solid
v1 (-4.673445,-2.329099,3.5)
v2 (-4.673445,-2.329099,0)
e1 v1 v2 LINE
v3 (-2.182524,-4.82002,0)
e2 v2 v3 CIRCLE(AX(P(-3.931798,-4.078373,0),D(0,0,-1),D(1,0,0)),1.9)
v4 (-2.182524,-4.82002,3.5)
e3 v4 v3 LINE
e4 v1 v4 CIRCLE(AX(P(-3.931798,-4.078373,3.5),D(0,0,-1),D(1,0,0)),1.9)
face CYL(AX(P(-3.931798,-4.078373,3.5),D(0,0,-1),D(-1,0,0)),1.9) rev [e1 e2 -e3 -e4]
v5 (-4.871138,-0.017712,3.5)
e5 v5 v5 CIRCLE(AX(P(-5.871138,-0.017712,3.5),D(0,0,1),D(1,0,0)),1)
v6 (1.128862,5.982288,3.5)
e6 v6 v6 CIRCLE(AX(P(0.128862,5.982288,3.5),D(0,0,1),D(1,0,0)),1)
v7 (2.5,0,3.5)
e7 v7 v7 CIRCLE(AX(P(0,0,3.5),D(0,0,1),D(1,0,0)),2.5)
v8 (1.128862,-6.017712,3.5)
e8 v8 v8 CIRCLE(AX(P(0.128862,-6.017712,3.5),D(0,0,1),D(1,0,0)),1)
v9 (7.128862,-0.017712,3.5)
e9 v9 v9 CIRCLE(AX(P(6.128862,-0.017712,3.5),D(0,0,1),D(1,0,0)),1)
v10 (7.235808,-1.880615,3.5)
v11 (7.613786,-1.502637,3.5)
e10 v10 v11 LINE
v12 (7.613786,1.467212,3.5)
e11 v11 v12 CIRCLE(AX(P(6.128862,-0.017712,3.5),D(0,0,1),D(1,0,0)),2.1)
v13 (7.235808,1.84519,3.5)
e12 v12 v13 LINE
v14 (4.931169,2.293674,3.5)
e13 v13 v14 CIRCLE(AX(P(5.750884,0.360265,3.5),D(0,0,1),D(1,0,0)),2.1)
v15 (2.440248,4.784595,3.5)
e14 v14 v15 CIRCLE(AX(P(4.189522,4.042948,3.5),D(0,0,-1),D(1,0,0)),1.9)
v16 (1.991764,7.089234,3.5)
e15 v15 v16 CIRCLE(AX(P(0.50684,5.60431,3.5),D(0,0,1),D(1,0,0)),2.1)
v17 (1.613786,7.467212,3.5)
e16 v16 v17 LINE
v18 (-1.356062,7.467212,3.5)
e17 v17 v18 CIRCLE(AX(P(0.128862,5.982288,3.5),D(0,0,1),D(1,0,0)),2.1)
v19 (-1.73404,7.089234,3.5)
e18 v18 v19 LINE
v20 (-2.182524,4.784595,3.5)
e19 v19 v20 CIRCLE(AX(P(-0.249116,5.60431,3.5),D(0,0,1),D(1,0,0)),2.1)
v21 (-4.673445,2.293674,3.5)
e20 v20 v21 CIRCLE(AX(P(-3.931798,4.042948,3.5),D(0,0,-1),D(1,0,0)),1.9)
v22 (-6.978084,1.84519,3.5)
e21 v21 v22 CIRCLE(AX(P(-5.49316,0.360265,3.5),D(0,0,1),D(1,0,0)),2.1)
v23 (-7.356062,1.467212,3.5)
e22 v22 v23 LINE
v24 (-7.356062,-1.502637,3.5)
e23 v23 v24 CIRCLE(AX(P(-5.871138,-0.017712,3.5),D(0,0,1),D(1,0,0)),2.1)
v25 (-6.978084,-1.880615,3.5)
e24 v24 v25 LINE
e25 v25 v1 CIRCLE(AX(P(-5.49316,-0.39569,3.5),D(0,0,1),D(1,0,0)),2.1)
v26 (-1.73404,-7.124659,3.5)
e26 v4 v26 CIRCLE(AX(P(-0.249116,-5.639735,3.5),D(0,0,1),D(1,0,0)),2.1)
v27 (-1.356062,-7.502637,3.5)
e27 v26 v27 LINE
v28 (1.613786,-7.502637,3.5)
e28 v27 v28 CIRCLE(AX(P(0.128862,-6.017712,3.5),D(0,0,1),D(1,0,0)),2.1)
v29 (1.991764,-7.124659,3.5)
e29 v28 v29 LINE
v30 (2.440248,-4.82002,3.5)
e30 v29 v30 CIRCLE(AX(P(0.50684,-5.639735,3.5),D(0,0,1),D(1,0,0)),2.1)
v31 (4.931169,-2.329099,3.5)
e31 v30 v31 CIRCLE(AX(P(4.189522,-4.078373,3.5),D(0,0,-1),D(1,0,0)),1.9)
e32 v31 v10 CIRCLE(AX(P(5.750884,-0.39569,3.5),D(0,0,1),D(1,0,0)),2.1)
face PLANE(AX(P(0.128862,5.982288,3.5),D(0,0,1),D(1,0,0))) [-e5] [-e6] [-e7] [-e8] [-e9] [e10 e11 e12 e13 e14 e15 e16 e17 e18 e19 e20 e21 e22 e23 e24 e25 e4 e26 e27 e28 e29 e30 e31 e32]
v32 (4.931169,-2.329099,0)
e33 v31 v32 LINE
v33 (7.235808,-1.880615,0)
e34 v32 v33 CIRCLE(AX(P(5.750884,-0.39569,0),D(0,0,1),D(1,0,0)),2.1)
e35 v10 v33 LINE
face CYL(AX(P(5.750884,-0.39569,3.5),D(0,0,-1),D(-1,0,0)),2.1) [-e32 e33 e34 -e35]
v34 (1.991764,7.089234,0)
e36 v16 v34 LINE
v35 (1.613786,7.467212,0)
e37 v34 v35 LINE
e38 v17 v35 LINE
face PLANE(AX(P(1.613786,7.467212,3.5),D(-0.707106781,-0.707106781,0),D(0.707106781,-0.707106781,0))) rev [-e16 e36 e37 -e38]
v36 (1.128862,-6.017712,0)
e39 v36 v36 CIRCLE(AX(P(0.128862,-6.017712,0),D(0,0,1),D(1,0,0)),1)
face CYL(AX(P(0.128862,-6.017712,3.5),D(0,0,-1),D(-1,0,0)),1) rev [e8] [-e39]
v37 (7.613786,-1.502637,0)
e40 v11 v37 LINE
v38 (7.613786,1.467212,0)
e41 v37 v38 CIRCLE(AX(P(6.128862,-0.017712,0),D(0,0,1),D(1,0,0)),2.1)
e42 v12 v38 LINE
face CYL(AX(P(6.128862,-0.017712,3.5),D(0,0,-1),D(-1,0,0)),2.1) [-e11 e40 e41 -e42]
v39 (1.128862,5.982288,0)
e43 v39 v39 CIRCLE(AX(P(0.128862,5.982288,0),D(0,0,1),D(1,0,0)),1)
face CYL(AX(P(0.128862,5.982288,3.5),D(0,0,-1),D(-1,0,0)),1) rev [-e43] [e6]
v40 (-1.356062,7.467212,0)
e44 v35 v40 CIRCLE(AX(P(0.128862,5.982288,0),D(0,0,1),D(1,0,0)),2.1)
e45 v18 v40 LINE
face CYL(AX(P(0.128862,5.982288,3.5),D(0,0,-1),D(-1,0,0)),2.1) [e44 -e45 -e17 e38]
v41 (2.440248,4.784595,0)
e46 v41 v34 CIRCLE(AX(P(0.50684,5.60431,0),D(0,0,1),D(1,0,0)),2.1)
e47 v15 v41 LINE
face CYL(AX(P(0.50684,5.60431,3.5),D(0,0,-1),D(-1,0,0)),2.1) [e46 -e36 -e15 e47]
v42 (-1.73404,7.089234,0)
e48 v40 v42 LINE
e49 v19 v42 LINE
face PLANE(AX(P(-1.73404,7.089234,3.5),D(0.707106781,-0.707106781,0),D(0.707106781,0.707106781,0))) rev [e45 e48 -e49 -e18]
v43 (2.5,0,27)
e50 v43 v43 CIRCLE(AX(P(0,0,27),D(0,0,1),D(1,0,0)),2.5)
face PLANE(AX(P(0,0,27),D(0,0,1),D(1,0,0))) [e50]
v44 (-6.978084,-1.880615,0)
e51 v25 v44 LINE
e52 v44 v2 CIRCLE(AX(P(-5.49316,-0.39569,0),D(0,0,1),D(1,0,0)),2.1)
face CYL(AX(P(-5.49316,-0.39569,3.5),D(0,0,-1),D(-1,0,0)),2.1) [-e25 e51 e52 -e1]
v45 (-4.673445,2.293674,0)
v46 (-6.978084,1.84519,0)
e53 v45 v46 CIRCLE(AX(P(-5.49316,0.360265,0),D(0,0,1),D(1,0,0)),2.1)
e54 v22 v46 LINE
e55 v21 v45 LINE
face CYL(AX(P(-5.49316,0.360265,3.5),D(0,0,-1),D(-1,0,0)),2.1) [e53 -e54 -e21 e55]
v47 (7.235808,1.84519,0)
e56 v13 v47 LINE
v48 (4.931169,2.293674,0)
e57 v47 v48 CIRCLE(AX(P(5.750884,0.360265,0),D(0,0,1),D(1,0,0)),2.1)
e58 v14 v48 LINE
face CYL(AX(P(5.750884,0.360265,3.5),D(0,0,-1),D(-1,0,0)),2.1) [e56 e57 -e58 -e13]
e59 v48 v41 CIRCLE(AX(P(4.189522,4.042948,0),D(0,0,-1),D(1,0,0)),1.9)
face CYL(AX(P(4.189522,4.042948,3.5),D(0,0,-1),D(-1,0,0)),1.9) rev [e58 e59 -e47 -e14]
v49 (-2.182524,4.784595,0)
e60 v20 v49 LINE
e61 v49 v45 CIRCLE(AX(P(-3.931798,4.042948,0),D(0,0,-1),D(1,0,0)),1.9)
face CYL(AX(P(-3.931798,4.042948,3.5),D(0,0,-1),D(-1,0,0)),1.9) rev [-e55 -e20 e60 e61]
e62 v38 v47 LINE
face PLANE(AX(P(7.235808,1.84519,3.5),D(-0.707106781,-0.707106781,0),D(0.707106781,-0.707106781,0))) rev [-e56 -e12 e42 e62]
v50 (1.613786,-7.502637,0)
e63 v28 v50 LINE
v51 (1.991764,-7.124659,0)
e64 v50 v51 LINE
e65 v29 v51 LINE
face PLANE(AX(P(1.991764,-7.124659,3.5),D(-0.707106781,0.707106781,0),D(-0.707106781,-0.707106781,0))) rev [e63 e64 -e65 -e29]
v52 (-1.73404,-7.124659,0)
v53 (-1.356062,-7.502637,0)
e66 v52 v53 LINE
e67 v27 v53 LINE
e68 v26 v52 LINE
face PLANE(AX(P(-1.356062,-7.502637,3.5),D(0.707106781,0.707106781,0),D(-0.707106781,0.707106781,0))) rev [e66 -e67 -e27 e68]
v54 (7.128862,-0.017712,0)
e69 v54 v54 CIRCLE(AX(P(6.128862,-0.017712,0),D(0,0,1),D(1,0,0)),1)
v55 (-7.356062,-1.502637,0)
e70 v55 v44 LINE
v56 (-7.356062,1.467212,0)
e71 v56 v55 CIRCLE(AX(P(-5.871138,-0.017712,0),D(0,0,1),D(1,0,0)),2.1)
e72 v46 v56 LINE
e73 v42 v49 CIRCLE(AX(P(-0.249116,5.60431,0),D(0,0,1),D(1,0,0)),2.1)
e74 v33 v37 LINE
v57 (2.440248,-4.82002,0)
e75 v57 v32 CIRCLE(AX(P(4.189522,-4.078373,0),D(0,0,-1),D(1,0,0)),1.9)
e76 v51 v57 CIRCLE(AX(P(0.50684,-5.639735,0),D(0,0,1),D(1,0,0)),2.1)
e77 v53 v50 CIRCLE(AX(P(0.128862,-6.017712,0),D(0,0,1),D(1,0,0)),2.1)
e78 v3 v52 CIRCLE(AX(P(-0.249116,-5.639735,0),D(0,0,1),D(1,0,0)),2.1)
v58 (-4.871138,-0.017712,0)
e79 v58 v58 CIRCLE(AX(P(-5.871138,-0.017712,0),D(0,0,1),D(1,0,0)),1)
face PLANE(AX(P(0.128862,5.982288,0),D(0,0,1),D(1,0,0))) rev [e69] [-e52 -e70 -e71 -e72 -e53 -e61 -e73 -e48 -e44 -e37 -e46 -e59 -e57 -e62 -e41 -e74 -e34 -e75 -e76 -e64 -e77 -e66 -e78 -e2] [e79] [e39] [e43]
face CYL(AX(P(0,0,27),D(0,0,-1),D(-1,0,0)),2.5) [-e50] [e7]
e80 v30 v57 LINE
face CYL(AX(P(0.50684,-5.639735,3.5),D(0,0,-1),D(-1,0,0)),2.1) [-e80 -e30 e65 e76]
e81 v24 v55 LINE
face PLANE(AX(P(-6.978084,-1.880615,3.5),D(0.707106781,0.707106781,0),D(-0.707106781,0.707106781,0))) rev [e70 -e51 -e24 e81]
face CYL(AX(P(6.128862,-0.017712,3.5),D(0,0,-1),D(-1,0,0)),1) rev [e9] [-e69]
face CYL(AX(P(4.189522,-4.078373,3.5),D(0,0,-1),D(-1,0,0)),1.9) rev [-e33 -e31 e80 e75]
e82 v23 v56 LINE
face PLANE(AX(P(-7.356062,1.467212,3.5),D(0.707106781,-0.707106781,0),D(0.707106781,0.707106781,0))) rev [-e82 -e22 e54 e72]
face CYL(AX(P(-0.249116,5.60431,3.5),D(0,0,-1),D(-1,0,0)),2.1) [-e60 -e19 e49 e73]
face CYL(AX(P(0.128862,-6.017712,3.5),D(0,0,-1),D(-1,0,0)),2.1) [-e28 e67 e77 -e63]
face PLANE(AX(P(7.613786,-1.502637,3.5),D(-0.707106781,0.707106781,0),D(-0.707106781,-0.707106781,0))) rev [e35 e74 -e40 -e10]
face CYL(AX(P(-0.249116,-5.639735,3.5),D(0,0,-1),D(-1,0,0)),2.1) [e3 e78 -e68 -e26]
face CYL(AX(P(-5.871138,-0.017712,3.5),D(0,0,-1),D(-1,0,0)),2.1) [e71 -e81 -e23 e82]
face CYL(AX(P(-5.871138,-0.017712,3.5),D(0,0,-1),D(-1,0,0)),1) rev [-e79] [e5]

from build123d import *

# Parameters (mm, degrees)
EXTRUDE_1_DEPTH = 3.5
SKETCH_3_R      = 2.5
EXTRUDE_2_DEPTH = 23.5


with BuildPart() as part:
    # 草图1 → 凸台-拉伸1 (new body)
    with BuildSketch(Plane.XY):
        with BuildLine():
            Line((-1.734039986, 7.089233915), (-1.356062107, 7.467211795))
            ThreePointArc((-1.356062107, 7.467211795), (0.128862134, 8.082287554), (1.613786374, 7.467211795))
            Line((1.613786374, 7.467211795), (1.991764254, 7.089233915))
            ThreePointArc((1.991764254, 7.089233915), (2.446987032, 6.407944883), (2.606840013, 5.604309675))
            ThreePointArc((2.606840013, 5.604309675), (2.564770676, 5.186073633), (2.440248217, 4.784594652))
            ThreePointArc((2.440248217, 4.784594652), (2.846019421, 2.699444842), (4.931169231, 2.293673637))
            ThreePointArc((4.931169231, 2.293673637), (6.152020505, 2.421597457), (7.235808495, 1.845189674))
            Line((7.235808495, 1.845189674), (7.613786374, 1.467211795))
            ThreePointArc((7.613786374, 1.467211795), (8.069009152, 0.785922762), (8.228862134, -0.017712446))
            ThreePointArc((8.228862134, -0.017712446), (8.069009152, -0.821347654), (7.613786374, -1.502636686))
            Line((7.613786374, -1.502636686), (7.235808495, -1.880614566))
            ThreePointArc((7.235808495, -1.880614566), (6.152020505, -2.457022348), (4.931169231, -2.329098529))
            ThreePointArc((4.931169231, -2.329098529), (2.846019421, -2.734869733), (2.440248217, -4.820019543))
            ThreePointArc((2.440248217, -4.820019543), (2.564770676, -5.221498525), (2.606840013, -5.639734566))
            ThreePointArc((2.606840013, -5.639734566), (2.446987032, -6.443369774), (1.991764254, -7.124658807))
            Line((1.991764254, -7.124658807), (1.613786374, -7.502636686))
            ThreePointArc((1.613786374, -7.502636686), (0.128862134, -8.117712446), (-1.356062107, -7.502636686))
            Line((-1.356062107, -7.502636686), (-1.734039986, -7.124658807))
            ThreePointArc((-1.734039986, -7.124658807), (-2.310447768, -6.040870817), (-2.182523949, -4.820019543))
            ThreePointArc((-2.182523949, -4.820019543), (-2.069860771, -4.456776655), (-2.031798038, -4.078372618))
            ThreePointArc((-2.031798038, -4.078372618), (-2.882781632, -2.494212089), (-4.673444964, -2.329098529))
            ThreePointArc((-4.673444964, -2.329098529), (-5.894296238, -2.457022348), (-6.978084227, -1.880614566))
            Line((-6.978084227, -1.880614566), (-7.356062107, -1.502636686))
            ThreePointArc((-7.356062107, -1.502636686), (-7.971137866, -0.017712446), (-7.356062107, 1.467211795))
            Line((-7.356062107, 1.467211795), (-6.978084227, 1.845189674))
            ThreePointArc((-6.978084227, 1.845189674), (-5.894296238, 2.421597457), (-4.673444964, 2.293673637))
            ThreePointArc((-4.673444964, 2.293673637), (-2.882781632, 2.458787198), (-2.031798038, 4.042947726))
            ThreePointArc((-2.031798038, 4.042947726), (-2.069860771, 4.421351764), (-2.182523949, 4.784594652))
            ThreePointArc((-2.182523949, 4.784594652), (-2.310447768, 6.005445926), (-1.734039986, 7.089233915))
        make_face()
        with BuildLine():
            ThreePointArc((-0.871137866, 5.982287554), (0.128862134, 4.982287554), (1.128862134, 5.982287554))
            ThreePointArc((1.128862134, 5.982287554), (0.128862134, 6.982287554), (-0.871137866, 5.982287554))
        make_face(mode=Mode.SUBTRACT)
        with BuildLine():
            ThreePointArc((-0.871137866, -6.017712446), (0.128862134, -7.017712446), (1.128862134, -6.017712446))
            ThreePointArc((1.128862134, -6.017712446), (0.128862134, -5.017712446), (-0.871137866, -6.017712446))
        make_face(mode=Mode.SUBTRACT)
        with BuildLine():
            ThreePointArc((5.128862134, -0.017712446), (6.128862134, -1.017712446), (7.128862134, -0.017712446))
            ThreePointArc((7.128862134, -0.017712446), (6.128862134, 0.982287554), (5.128862134, -0.017712446))
        make_face(mode=Mode.SUBTRACT)
        with BuildLine():
            ThreePointArc((-6.871137866, -0.017712446), (-5.871137866, -1.017712446), (-4.871137866, -0.017712446))
            ThreePointArc((-4.871137866, -0.017712446), (-5.871137866, 0.982287554), (-6.871137866, -0.017712446))
        make_face(mode=Mode.SUBTRACT)
    extrude(amount=EXTRUDE_1_DEPTH)

    # 草图3 → 凸台-拉伸2 (add)
    with BuildSketch(Plane.XY.offset(3.5)):
        Circle(SKETCH_3_R)
    extrude(amount=EXTRUDE_2_DEPTH)


solid = part.part
